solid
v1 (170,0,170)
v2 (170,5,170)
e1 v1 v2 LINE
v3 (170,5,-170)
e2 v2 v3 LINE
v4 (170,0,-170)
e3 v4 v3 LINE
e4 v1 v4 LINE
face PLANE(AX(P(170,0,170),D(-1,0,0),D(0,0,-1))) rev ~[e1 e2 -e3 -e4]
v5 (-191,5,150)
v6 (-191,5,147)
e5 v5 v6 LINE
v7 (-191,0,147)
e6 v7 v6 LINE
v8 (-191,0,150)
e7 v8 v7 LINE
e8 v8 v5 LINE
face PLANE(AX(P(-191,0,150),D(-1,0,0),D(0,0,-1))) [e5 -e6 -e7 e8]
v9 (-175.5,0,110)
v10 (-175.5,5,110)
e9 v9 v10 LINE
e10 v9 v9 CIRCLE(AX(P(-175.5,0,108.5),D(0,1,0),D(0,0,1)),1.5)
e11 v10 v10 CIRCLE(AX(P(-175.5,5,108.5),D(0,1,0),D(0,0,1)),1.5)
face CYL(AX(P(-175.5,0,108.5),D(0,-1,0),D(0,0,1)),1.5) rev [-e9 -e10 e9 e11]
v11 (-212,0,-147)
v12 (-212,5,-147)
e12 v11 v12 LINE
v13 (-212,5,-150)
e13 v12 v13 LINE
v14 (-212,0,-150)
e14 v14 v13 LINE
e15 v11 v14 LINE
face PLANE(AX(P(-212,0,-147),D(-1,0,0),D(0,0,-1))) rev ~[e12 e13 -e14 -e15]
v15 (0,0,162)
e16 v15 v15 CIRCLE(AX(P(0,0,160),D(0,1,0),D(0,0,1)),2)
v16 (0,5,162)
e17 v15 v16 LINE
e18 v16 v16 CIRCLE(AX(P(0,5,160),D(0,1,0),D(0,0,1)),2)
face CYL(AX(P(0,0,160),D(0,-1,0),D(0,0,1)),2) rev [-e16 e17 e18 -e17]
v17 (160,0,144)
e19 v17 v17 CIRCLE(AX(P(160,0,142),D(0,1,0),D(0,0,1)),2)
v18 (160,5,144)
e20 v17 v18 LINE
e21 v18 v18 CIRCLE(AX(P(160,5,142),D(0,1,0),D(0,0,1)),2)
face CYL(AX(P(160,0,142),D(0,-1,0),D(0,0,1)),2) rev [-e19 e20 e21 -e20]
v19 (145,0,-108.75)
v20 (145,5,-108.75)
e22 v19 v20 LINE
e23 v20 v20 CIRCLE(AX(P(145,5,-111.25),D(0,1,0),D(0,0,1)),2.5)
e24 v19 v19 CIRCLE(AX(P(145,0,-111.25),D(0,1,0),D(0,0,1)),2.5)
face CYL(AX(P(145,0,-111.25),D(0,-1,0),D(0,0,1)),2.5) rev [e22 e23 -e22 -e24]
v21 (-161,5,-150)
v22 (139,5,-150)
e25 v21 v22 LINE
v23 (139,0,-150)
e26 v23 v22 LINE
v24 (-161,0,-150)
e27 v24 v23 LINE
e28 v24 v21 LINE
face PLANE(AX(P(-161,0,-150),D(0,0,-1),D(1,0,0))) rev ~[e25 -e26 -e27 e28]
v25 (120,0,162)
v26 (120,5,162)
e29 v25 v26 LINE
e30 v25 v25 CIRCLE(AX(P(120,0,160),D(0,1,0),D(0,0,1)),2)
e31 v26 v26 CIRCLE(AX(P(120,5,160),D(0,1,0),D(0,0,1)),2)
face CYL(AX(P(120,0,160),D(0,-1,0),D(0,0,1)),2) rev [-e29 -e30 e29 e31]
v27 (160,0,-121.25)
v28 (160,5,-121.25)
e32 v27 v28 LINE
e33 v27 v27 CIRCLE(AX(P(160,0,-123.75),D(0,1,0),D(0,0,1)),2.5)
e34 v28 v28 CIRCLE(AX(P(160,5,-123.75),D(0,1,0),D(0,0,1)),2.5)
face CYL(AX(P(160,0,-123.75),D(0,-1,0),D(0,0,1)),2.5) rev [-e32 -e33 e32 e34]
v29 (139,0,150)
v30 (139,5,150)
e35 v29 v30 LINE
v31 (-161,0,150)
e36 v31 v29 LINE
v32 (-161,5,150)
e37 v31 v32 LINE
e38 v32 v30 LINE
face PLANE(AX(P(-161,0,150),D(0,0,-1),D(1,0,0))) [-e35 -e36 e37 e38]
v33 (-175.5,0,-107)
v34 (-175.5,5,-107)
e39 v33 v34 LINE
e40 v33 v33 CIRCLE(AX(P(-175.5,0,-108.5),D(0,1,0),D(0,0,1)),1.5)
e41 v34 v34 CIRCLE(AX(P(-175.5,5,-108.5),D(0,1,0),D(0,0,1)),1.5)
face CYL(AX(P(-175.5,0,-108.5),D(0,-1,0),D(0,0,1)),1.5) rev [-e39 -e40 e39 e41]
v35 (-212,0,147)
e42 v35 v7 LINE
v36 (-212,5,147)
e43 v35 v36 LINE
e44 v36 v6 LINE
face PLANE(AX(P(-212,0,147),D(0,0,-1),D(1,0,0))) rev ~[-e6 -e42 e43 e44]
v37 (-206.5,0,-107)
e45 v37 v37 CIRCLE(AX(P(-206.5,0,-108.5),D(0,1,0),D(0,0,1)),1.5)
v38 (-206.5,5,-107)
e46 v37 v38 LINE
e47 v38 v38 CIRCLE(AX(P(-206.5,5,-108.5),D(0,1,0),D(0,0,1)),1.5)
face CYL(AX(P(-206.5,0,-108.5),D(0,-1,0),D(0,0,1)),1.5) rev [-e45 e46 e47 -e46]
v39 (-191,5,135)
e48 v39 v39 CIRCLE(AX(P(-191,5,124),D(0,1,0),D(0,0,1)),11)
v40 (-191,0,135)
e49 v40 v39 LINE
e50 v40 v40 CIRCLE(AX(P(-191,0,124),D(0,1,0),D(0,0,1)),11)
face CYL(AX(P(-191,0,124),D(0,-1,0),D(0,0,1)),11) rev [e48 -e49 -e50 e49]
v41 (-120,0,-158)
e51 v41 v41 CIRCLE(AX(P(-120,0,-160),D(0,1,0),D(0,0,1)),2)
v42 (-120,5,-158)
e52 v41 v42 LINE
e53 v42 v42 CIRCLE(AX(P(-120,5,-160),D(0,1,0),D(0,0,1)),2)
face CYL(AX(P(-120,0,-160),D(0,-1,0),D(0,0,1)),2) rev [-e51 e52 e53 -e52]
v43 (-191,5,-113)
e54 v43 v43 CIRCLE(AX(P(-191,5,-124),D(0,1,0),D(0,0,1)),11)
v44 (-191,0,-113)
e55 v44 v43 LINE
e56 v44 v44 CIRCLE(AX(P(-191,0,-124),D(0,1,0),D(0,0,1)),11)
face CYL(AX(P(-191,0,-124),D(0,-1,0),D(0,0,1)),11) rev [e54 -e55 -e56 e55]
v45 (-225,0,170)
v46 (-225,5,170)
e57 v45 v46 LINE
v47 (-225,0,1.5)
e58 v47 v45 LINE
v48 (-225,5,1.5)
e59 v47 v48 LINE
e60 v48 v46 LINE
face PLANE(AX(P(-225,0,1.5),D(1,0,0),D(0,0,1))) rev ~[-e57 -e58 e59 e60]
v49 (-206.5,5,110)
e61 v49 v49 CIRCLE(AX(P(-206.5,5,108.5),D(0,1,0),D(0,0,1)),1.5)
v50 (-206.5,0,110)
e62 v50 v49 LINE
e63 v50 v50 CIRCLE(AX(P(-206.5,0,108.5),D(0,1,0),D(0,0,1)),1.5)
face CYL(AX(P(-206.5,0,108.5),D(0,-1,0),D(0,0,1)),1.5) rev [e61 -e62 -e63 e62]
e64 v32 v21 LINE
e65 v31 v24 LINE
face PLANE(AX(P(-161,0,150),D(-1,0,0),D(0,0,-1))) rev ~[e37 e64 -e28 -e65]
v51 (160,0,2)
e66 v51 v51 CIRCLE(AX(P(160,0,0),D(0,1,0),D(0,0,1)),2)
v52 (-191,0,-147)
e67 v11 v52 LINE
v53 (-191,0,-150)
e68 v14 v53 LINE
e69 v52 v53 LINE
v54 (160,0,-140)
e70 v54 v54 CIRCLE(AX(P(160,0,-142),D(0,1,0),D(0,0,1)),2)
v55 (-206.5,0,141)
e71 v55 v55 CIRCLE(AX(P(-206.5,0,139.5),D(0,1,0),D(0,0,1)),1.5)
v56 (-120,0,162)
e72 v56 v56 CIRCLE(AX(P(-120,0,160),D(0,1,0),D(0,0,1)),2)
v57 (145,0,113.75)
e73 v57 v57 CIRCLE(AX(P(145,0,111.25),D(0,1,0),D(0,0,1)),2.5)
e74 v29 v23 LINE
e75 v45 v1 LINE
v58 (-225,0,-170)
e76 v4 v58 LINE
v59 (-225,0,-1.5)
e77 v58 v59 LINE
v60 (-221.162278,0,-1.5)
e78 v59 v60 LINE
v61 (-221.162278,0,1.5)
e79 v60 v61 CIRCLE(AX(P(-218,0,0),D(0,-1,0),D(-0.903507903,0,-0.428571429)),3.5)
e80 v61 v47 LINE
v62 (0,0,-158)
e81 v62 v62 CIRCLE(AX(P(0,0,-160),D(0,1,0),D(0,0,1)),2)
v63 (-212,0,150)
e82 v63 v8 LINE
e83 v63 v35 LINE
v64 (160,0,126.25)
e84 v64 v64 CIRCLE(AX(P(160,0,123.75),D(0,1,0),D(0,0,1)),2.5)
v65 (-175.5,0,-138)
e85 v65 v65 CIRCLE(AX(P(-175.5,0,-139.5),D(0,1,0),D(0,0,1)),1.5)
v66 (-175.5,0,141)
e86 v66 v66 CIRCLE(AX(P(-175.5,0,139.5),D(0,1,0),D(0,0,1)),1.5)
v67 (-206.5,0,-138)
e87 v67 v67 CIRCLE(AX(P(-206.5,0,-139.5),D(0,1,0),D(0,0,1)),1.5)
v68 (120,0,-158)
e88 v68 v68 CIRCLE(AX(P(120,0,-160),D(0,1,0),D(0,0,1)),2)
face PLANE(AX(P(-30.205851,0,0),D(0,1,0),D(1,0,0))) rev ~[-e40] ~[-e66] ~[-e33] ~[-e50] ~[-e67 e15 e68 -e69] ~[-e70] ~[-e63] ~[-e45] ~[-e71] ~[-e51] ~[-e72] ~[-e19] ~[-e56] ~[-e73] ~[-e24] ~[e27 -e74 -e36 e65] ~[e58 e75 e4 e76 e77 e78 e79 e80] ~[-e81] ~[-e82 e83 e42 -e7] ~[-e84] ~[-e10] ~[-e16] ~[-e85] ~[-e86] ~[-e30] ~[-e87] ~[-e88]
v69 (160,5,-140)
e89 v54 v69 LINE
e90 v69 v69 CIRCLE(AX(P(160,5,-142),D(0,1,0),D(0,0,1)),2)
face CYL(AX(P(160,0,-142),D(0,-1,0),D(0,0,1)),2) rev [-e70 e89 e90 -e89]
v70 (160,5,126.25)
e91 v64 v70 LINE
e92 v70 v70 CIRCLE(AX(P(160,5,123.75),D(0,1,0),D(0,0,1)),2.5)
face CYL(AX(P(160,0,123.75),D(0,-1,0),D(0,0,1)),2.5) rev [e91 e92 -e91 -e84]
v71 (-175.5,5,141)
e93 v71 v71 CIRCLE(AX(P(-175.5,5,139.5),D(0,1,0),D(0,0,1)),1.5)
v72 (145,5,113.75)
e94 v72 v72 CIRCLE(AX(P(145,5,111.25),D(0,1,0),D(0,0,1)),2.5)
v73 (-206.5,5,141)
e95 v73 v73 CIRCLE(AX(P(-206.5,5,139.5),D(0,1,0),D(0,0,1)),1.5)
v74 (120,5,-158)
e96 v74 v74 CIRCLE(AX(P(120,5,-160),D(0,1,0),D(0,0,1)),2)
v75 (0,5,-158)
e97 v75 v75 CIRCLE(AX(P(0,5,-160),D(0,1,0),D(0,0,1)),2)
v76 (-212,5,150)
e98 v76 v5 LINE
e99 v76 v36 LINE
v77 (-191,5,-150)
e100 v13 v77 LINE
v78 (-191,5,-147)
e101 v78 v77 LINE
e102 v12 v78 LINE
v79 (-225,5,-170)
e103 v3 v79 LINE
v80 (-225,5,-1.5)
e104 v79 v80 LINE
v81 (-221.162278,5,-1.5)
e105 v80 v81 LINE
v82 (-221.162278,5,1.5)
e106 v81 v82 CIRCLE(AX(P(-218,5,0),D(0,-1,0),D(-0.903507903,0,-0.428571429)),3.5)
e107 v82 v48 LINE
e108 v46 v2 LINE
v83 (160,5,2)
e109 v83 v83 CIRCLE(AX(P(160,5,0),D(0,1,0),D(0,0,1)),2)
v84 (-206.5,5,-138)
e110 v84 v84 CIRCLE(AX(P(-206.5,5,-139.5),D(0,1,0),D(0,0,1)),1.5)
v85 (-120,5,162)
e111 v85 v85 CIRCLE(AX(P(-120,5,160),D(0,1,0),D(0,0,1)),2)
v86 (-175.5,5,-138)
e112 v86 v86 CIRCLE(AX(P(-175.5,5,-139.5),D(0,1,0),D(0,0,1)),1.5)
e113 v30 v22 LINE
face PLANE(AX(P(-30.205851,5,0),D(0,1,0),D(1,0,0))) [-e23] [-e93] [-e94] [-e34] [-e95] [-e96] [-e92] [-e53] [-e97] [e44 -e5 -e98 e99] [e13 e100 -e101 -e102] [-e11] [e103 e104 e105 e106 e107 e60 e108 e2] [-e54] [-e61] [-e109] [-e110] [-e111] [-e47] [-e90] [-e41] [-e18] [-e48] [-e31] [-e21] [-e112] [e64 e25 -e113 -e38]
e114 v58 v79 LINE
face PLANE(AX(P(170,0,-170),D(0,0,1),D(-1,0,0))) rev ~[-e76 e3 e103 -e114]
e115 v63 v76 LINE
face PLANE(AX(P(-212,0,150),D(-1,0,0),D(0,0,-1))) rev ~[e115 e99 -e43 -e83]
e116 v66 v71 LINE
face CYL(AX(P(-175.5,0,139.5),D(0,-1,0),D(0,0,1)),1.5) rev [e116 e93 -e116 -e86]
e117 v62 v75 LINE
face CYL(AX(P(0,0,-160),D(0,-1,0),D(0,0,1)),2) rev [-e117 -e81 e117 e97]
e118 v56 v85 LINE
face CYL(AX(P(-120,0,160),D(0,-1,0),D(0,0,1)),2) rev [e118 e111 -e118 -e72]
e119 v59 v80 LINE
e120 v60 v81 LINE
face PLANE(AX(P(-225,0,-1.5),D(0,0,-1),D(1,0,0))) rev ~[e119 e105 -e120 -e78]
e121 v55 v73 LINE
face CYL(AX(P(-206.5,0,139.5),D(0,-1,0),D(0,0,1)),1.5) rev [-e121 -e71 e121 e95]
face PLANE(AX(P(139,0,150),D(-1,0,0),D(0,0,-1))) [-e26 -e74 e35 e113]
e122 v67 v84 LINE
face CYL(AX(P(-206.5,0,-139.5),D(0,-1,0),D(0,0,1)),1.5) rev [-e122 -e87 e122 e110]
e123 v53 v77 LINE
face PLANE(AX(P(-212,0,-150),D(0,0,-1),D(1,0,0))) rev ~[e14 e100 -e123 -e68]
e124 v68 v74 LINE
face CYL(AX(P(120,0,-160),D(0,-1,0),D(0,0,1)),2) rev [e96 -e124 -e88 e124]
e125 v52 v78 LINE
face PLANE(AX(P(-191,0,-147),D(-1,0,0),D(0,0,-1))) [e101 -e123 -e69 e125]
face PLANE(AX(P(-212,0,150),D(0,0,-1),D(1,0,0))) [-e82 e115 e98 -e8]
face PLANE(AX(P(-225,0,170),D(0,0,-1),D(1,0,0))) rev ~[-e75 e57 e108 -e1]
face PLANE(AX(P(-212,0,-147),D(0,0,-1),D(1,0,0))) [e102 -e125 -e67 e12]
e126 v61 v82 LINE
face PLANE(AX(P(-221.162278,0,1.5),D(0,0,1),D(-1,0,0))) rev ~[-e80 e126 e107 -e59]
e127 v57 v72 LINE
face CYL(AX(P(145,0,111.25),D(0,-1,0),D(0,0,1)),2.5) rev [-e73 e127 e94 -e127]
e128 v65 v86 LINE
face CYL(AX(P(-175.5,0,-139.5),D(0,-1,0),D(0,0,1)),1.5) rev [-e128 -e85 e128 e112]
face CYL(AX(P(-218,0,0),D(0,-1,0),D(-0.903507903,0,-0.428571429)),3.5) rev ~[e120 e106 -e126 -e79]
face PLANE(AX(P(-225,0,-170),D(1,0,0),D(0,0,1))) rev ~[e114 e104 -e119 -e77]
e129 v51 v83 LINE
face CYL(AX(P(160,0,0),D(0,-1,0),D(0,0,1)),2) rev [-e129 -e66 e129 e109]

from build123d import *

# Parameters (mm, degrees)
SKETCH1_9_W         = 300
SKETCH1_9_H         = 300
SKETCH1_9_R         = 2
SKETCH1_9_R_2       = 2.5
SKETCH1_9_W_2       = 21
SKETCH1_9_H_2       = 3
SKETCH1_9_R_3       = 11
SKETCH1_9_R_4       = 1.5
BOSS_EXTRUDE7_DEPTH = 5


with BuildPart() as part:
    # Sketch1<9> → Boss-Extrude7 (new body)
    with BuildSketch(Plane(origin=(0, 0, 0), x_dir=(1, 0, 0), z_dir=(0, 1, 0))):
        with BuildLine():
            Line((170, 170), (-225, 170))
            Line((-225, 170), (-225, 1.5))
            Line((-225, 1.5), (-221.16227766, 1.5))
            ThreePointArc((-221.16227766, 1.5), (-214.5, 0), (-221.16227766, -1.5))
            Line((-221.16227766, -1.5), (-225, -1.5))
            Line((-225, -1.5), (-225, -170))
            Line((-225, -170), (170, -170))
            Line((170, -170), (170, 170))
        make_face()
        with Locations((-11, 0)):
            Rectangle(SKETCH1_9_W, SKETCH1_9_H, mode=Mode.SUBTRACT)
        with Locations((160, -142)):
            Circle(SKETCH1_9_R, mode=Mode.SUBTRACT)
        with Locations((160, -123.75)):
            Circle(SKETCH1_9_R_2, mode=Mode.SUBTRACT)
        with Locations((145, -111.25)):
            Circle(SKETCH1_9_R_2, mode=Mode.SUBTRACT)
        with Locations((160, 0)):
            Circle(SKETCH1_9_R, mode=Mode.SUBTRACT)
        with Locations((145, 111.25)):
            Circle(SKETCH1_9_R_2, mode=Mode.SUBTRACT)
        with Locations((160, 123.75)):
            Circle(SKETCH1_9_R_2, mode=Mode.SUBTRACT)
        with Locations((160, 142)):
            Circle(SKETCH1_9_R, mode=Mode.SUBTRACT)
        with Locations((120, -160)):
            Circle(SKETCH1_9_R, mode=Mode.SUBTRACT)
        with Locations((-120, -160)):
            Circle(SKETCH1_9_R, mode=Mode.SUBTRACT)
        with Locations((0, -160)):
            Circle(SKETCH1_9_R, mode=Mode.SUBTRACT)
        with Locations((120, 160)):
            Circle(SKETCH1_9_R, mode=Mode.SUBTRACT)
        with Locations((-120, 160)):
            Circle(SKETCH1_9_R, mode=Mode.SUBTRACT)
        with Locations((0, 160)):
            Circle(SKETCH1_9_R, mode=Mode.SUBTRACT)
        with Locations((-201.5, 148.5)):
            Rectangle(SKETCH1_9_W_2, SKETCH1_9_H_2, mode=Mode.SUBTRACT)
        with Locations((-201.5, -148.5)):
            Rectangle(SKETCH1_9_W_2, SKETCH1_9_H_2, mode=Mode.SUBTRACT)
        with Locations((-191, -124)):
            Circle(SKETCH1_9_R_3, mode=Mode.SUBTRACT)
        with Locations((-206.5, -108.5)):
            Circle(SKETCH1_9_R_4, mode=Mode.SUBTRACT)
        with Locations((-175.5, -108.5)):
            Circle(SKETCH1_9_R_4, mode=Mode.SUBTRACT)
        with Locations((-206.5, -139.5)):
            Circle(SKETCH1_9_R_4, mode=Mode.SUBTRACT)
        with Locations((-175.5, -139.5)):
            Circle(SKETCH1_9_R_4, mode=Mode.SUBTRACT)
        with Locations((-175.5, 139.5)):
            Circle(SKETCH1_9_R_4, mode=Mode.SUBTRACT)
        with Locations((-175.5, 108.5)):
            Circle(SKETCH1_9_R_4, mode=Mode.SUBTRACT)
        with Locations((-206.5, 139.5)):
            Circle(SKETCH1_9_R_4, mode=Mode.SUBTRACT)
        with Locations((-206.5, 108.5)):
            Circle(SKETCH1_9_R_4, mode=Mode.SUBTRACT)
        with Locations((-191, 124)):
            Circle(SKETCH1_9_R_3, mode=Mode.SUBTRACT)
    extrude(amount=BOSS_EXTRUDE7_DEPTH)


solid = part.part
